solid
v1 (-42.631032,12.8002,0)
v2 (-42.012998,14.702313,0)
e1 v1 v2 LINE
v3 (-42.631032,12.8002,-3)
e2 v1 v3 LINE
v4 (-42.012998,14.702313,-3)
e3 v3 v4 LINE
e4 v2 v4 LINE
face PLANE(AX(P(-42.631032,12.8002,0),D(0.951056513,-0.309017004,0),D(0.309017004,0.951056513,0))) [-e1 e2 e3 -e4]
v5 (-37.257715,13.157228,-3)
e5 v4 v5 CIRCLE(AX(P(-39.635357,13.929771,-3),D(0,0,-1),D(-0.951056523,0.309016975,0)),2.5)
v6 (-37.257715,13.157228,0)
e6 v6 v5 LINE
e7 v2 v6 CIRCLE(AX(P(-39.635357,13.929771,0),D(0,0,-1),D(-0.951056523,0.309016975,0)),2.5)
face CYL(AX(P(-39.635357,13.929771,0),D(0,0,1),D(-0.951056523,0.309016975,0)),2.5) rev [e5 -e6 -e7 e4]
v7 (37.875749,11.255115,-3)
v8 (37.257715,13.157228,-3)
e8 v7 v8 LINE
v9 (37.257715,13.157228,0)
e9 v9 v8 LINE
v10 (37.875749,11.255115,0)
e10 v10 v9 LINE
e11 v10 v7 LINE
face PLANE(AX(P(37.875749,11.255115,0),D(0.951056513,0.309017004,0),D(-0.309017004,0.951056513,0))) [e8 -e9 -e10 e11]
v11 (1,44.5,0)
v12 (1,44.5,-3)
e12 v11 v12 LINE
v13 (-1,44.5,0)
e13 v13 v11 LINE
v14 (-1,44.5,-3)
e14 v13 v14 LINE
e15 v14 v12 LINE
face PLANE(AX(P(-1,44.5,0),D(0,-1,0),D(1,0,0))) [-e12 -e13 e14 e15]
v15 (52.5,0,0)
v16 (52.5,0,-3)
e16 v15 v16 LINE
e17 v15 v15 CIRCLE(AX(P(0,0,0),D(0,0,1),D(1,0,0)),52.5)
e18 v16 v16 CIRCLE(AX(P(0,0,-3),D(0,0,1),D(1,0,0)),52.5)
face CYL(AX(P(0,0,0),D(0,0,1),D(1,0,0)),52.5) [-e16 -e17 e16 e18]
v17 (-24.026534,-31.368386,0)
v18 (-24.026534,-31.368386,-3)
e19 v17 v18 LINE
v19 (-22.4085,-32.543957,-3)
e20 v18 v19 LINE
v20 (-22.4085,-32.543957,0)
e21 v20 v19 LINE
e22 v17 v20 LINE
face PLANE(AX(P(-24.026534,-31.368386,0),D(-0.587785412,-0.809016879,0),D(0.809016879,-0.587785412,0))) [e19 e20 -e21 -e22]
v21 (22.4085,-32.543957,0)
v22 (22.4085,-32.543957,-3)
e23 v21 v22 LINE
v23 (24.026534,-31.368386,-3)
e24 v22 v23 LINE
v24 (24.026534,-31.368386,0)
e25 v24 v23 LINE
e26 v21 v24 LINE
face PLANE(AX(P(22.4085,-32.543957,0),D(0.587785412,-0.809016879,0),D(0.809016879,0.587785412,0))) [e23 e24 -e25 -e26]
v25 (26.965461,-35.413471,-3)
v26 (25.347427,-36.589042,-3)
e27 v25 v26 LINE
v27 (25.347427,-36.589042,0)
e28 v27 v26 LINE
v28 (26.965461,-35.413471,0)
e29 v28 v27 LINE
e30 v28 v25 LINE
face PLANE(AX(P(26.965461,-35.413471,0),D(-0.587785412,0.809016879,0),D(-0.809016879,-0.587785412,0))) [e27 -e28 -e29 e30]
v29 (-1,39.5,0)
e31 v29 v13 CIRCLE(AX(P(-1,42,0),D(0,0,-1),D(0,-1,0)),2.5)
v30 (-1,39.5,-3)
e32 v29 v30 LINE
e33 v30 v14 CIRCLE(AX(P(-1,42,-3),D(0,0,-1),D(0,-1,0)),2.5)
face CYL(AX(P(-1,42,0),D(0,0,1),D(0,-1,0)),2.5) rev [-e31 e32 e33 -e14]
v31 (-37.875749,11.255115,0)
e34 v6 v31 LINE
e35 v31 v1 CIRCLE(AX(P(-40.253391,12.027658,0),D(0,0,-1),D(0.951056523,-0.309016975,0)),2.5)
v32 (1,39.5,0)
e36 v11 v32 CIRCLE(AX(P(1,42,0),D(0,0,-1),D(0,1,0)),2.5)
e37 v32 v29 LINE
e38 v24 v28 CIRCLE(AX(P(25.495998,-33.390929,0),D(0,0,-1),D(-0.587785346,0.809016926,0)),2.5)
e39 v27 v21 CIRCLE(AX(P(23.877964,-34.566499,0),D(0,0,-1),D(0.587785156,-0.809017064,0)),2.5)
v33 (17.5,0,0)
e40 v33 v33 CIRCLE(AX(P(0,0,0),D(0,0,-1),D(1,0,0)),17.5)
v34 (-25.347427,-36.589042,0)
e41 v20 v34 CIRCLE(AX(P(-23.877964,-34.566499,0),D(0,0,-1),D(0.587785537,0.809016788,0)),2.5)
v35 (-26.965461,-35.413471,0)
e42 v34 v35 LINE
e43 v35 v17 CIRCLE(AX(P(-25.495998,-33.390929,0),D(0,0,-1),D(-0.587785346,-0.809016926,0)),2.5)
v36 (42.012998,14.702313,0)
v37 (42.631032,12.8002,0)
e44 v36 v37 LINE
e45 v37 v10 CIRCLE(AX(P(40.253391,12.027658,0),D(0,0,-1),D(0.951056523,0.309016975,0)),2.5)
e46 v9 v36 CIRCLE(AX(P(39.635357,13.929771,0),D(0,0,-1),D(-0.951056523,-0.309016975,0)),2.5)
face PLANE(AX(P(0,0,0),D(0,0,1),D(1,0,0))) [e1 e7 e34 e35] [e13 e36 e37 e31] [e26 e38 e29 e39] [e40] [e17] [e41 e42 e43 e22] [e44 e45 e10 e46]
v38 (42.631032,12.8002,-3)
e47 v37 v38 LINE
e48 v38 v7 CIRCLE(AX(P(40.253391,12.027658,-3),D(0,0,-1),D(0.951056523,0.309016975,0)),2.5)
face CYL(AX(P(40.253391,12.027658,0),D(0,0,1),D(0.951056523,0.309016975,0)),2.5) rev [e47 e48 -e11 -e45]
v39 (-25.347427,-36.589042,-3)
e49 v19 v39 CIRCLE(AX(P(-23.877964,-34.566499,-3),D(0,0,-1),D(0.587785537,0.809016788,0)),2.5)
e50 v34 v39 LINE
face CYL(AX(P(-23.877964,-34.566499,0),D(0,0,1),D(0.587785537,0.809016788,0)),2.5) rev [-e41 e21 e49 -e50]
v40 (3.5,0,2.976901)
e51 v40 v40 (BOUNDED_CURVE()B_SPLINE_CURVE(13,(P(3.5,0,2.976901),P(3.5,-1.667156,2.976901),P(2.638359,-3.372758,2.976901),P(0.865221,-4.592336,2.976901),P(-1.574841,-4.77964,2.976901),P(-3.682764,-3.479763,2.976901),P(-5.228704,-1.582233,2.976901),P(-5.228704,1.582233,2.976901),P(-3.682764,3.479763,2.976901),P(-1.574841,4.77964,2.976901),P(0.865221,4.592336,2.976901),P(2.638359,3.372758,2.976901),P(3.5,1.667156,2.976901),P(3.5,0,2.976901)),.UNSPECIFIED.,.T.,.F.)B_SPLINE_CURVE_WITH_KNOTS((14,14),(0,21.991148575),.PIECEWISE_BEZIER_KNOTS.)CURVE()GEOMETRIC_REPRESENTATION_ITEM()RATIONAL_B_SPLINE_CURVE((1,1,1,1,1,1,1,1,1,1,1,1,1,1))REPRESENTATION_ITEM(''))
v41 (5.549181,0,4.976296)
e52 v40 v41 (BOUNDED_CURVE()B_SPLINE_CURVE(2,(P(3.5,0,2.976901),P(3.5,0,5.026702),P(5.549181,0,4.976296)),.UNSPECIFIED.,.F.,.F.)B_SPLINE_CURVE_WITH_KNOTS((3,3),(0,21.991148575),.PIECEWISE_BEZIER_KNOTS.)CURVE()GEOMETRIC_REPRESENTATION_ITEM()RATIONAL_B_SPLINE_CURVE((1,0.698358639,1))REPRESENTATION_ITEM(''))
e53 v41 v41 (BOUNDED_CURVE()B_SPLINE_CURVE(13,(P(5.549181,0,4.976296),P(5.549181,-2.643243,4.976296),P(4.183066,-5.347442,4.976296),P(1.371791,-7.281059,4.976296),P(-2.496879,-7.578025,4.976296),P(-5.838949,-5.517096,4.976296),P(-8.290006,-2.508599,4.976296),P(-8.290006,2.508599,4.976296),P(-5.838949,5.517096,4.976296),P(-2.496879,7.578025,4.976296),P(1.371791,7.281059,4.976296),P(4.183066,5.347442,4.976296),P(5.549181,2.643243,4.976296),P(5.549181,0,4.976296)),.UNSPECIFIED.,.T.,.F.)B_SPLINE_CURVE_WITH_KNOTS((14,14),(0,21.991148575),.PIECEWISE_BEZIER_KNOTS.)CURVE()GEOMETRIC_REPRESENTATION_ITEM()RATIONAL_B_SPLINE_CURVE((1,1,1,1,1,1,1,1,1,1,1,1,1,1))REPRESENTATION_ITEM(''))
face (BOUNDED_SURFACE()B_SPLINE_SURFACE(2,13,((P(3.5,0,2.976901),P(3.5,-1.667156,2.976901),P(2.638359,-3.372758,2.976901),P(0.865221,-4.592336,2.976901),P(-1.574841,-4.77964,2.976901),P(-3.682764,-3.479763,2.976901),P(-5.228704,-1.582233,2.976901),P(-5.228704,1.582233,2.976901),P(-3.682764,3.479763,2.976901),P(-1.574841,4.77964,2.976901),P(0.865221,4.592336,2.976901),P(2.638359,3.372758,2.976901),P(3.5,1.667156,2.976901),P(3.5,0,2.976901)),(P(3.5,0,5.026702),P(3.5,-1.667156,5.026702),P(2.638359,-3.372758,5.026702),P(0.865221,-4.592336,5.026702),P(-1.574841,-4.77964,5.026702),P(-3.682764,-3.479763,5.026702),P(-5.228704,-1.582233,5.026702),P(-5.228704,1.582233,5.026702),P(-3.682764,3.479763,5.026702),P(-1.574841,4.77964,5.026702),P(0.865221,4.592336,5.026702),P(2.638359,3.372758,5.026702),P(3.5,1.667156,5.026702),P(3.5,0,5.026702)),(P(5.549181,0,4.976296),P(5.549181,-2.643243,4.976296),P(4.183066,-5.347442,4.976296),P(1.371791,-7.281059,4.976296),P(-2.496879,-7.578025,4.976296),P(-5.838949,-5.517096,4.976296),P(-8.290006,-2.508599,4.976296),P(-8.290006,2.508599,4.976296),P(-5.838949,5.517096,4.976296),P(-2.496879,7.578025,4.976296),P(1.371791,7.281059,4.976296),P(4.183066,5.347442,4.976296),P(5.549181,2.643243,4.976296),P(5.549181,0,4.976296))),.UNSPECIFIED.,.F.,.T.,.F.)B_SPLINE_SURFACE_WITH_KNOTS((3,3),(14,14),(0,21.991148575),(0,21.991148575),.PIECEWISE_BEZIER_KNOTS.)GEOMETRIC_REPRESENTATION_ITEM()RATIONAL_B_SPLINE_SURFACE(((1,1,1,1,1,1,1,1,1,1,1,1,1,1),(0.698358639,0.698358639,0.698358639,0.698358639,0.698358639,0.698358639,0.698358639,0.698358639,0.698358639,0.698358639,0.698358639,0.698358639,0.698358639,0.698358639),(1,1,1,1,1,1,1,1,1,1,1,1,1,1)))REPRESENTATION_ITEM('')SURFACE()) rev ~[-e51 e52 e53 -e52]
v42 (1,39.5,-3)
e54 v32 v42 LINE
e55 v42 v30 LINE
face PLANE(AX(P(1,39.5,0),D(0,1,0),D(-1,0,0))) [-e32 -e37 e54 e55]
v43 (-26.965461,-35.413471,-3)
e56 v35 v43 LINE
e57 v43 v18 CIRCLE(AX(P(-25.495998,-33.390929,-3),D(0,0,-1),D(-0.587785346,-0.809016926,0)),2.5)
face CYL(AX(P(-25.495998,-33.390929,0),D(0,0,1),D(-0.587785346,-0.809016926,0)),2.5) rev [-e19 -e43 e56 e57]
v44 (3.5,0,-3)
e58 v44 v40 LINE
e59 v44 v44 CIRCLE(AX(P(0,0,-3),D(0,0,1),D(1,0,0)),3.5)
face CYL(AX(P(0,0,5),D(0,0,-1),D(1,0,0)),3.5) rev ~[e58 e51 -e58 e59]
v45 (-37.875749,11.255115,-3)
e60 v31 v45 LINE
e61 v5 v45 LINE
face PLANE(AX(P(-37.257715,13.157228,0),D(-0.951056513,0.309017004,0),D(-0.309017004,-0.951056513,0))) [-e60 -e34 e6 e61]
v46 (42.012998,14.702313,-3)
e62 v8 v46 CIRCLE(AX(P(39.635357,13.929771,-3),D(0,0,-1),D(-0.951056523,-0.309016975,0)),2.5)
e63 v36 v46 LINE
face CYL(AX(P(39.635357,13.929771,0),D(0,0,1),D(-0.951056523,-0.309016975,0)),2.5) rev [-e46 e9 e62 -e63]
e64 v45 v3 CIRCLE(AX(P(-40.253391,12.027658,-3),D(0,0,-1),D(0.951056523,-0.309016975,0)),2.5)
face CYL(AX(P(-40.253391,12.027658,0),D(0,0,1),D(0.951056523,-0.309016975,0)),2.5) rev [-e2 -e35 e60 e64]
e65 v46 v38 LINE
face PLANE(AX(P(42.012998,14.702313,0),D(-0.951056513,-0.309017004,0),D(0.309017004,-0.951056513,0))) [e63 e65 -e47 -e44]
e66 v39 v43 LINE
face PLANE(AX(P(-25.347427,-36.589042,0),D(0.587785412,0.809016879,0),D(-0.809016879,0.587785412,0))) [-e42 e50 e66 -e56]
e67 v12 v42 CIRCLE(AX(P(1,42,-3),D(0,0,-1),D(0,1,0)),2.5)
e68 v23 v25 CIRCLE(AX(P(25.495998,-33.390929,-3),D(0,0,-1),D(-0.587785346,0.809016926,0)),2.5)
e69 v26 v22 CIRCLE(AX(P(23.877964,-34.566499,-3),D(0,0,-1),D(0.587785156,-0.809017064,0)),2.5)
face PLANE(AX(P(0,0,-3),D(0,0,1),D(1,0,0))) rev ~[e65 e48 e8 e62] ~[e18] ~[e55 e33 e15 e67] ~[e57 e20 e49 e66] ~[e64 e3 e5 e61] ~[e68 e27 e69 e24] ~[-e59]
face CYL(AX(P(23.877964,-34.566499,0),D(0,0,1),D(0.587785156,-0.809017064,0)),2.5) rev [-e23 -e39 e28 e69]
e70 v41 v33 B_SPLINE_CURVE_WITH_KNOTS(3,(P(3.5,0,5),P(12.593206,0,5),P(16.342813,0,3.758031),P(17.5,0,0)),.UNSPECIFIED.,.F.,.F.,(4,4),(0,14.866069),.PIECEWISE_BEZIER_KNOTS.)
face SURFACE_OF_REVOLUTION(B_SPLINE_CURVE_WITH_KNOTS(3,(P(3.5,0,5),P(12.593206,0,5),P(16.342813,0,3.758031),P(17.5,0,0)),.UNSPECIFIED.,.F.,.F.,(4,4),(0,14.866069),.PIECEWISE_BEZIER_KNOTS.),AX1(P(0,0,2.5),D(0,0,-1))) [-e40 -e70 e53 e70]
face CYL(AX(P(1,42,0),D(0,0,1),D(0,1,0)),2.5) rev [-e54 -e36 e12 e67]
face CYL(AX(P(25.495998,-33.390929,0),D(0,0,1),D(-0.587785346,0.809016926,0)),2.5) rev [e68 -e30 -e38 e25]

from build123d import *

# Parameters (mm, degrees)
F0_R     = 52.5
F0_R_2   = 17.5
F0_R_3   = 3.5
F1_DEPTH = 3
F4_R     = 2


with BuildPart() as f1:
    # F0 (on Top) → F1 (new body)
    with BuildSketch(Plane.XY):
        Circle(F0_R)
        with BuildLine():
            ThreePointArc((-22.4085, -32.543957), (-21.855421, -36.035962), (-25.347427, -36.589042))
            Line((-25.347427, -36.589042), (-26.965461, -35.413471))
            ThreePointArc((-26.965461, -35.413471), (-27.51854, -31.921465), (-24.026534, -31.368386))
            Line((-24.026534, -31.368386), (-22.4085, -32.543957))
        make_face(mode=Mode.SUBTRACT)
        with BuildLine():
            ThreePointArc((24.026534, -31.368386), (27.51854, -31.921465), (26.965461, -35.413471))
            Line((26.965461, -35.413471), (25.347427, -36.589042))
            ThreePointArc((25.347427, -36.589042), (21.855421, -36.035962), (22.4085, -32.543957))
            Line((22.4085, -32.543957), (24.026534, -31.368386))
        make_face(mode=Mode.SUBTRACT)
        with BuildLine():
            ThreePointArc((-37.875749, 11.255115), (-41.025933, 9.650016), (-42.631032, 12.8002))
            Line((-42.631032, 12.8002), (-42.012998, 14.702313))
            ThreePointArc((-42.012998, 14.702313), (-38.862814, 16.307412), (-37.257715, 13.157228))
            Line((-37.257715, 13.157228), (-37.875749, 11.255115))
        make_face(mode=Mode.SUBTRACT)
        Circle(F0_R_2, mode=Mode.SUBTRACT)
        with BuildLine():
            ThreePointArc((37.257715, 13.157228), (38.862814, 16.307412), (42.012998, 14.702313))
            Line((42.012998, 14.702313), (42.631032, 12.8002))
            ThreePointArc((42.631032, 12.8002), (41.025933, 9.650016), (37.875749, 11.255115))
            Line((37.875749, 11.255115), (37.257715, 13.157228))
        make_face(mode=Mode.SUBTRACT)
        with BuildLine():
            ThreePointArc((-1, 39.5), (-3.5, 42), (-1, 44.5))
            Line((-1, 44.5), (1, 44.5))
            ThreePointArc((1, 44.5), (3.5, 42), (1, 39.5))
            Line((1, 39.5), (-1, 39.5))
        make_face(mode=Mode.SUBTRACT)
        Circle(F0_R_2)
        Circle(F0_R_3, mode=Mode.SUBTRACT)
    extrude(amount=-F1_DEPTH)

    # F2 (on Front) → F3 (revolve)
    with BuildSketch(Plane.XZ):
        with BuildLine():
            Line((3.5, 5), (3.5, 0))
            Line((3.5, 0), (17.5, 0))
            add(Edge.make_bspline(
                [(3.5, 5), (12.593206, 5), (16.342813, 3.758031), (17.5, 0)],
                knots=[0, 0, 0, 0, 14.866069, 14.866069, 14.866069, 14.866069], degree=3))
        make_face()
    revolve(axis=Axis((0, 0, 2.5), (0, 0, -1)))

    # F4
    f4_edges = [f1.edges().sort_by_distance(p)[0] for p in [
        (-3.5, 0, 5),
    ]]
    fillet(f4_edges, radius=F4_R)


solid = f1.part
